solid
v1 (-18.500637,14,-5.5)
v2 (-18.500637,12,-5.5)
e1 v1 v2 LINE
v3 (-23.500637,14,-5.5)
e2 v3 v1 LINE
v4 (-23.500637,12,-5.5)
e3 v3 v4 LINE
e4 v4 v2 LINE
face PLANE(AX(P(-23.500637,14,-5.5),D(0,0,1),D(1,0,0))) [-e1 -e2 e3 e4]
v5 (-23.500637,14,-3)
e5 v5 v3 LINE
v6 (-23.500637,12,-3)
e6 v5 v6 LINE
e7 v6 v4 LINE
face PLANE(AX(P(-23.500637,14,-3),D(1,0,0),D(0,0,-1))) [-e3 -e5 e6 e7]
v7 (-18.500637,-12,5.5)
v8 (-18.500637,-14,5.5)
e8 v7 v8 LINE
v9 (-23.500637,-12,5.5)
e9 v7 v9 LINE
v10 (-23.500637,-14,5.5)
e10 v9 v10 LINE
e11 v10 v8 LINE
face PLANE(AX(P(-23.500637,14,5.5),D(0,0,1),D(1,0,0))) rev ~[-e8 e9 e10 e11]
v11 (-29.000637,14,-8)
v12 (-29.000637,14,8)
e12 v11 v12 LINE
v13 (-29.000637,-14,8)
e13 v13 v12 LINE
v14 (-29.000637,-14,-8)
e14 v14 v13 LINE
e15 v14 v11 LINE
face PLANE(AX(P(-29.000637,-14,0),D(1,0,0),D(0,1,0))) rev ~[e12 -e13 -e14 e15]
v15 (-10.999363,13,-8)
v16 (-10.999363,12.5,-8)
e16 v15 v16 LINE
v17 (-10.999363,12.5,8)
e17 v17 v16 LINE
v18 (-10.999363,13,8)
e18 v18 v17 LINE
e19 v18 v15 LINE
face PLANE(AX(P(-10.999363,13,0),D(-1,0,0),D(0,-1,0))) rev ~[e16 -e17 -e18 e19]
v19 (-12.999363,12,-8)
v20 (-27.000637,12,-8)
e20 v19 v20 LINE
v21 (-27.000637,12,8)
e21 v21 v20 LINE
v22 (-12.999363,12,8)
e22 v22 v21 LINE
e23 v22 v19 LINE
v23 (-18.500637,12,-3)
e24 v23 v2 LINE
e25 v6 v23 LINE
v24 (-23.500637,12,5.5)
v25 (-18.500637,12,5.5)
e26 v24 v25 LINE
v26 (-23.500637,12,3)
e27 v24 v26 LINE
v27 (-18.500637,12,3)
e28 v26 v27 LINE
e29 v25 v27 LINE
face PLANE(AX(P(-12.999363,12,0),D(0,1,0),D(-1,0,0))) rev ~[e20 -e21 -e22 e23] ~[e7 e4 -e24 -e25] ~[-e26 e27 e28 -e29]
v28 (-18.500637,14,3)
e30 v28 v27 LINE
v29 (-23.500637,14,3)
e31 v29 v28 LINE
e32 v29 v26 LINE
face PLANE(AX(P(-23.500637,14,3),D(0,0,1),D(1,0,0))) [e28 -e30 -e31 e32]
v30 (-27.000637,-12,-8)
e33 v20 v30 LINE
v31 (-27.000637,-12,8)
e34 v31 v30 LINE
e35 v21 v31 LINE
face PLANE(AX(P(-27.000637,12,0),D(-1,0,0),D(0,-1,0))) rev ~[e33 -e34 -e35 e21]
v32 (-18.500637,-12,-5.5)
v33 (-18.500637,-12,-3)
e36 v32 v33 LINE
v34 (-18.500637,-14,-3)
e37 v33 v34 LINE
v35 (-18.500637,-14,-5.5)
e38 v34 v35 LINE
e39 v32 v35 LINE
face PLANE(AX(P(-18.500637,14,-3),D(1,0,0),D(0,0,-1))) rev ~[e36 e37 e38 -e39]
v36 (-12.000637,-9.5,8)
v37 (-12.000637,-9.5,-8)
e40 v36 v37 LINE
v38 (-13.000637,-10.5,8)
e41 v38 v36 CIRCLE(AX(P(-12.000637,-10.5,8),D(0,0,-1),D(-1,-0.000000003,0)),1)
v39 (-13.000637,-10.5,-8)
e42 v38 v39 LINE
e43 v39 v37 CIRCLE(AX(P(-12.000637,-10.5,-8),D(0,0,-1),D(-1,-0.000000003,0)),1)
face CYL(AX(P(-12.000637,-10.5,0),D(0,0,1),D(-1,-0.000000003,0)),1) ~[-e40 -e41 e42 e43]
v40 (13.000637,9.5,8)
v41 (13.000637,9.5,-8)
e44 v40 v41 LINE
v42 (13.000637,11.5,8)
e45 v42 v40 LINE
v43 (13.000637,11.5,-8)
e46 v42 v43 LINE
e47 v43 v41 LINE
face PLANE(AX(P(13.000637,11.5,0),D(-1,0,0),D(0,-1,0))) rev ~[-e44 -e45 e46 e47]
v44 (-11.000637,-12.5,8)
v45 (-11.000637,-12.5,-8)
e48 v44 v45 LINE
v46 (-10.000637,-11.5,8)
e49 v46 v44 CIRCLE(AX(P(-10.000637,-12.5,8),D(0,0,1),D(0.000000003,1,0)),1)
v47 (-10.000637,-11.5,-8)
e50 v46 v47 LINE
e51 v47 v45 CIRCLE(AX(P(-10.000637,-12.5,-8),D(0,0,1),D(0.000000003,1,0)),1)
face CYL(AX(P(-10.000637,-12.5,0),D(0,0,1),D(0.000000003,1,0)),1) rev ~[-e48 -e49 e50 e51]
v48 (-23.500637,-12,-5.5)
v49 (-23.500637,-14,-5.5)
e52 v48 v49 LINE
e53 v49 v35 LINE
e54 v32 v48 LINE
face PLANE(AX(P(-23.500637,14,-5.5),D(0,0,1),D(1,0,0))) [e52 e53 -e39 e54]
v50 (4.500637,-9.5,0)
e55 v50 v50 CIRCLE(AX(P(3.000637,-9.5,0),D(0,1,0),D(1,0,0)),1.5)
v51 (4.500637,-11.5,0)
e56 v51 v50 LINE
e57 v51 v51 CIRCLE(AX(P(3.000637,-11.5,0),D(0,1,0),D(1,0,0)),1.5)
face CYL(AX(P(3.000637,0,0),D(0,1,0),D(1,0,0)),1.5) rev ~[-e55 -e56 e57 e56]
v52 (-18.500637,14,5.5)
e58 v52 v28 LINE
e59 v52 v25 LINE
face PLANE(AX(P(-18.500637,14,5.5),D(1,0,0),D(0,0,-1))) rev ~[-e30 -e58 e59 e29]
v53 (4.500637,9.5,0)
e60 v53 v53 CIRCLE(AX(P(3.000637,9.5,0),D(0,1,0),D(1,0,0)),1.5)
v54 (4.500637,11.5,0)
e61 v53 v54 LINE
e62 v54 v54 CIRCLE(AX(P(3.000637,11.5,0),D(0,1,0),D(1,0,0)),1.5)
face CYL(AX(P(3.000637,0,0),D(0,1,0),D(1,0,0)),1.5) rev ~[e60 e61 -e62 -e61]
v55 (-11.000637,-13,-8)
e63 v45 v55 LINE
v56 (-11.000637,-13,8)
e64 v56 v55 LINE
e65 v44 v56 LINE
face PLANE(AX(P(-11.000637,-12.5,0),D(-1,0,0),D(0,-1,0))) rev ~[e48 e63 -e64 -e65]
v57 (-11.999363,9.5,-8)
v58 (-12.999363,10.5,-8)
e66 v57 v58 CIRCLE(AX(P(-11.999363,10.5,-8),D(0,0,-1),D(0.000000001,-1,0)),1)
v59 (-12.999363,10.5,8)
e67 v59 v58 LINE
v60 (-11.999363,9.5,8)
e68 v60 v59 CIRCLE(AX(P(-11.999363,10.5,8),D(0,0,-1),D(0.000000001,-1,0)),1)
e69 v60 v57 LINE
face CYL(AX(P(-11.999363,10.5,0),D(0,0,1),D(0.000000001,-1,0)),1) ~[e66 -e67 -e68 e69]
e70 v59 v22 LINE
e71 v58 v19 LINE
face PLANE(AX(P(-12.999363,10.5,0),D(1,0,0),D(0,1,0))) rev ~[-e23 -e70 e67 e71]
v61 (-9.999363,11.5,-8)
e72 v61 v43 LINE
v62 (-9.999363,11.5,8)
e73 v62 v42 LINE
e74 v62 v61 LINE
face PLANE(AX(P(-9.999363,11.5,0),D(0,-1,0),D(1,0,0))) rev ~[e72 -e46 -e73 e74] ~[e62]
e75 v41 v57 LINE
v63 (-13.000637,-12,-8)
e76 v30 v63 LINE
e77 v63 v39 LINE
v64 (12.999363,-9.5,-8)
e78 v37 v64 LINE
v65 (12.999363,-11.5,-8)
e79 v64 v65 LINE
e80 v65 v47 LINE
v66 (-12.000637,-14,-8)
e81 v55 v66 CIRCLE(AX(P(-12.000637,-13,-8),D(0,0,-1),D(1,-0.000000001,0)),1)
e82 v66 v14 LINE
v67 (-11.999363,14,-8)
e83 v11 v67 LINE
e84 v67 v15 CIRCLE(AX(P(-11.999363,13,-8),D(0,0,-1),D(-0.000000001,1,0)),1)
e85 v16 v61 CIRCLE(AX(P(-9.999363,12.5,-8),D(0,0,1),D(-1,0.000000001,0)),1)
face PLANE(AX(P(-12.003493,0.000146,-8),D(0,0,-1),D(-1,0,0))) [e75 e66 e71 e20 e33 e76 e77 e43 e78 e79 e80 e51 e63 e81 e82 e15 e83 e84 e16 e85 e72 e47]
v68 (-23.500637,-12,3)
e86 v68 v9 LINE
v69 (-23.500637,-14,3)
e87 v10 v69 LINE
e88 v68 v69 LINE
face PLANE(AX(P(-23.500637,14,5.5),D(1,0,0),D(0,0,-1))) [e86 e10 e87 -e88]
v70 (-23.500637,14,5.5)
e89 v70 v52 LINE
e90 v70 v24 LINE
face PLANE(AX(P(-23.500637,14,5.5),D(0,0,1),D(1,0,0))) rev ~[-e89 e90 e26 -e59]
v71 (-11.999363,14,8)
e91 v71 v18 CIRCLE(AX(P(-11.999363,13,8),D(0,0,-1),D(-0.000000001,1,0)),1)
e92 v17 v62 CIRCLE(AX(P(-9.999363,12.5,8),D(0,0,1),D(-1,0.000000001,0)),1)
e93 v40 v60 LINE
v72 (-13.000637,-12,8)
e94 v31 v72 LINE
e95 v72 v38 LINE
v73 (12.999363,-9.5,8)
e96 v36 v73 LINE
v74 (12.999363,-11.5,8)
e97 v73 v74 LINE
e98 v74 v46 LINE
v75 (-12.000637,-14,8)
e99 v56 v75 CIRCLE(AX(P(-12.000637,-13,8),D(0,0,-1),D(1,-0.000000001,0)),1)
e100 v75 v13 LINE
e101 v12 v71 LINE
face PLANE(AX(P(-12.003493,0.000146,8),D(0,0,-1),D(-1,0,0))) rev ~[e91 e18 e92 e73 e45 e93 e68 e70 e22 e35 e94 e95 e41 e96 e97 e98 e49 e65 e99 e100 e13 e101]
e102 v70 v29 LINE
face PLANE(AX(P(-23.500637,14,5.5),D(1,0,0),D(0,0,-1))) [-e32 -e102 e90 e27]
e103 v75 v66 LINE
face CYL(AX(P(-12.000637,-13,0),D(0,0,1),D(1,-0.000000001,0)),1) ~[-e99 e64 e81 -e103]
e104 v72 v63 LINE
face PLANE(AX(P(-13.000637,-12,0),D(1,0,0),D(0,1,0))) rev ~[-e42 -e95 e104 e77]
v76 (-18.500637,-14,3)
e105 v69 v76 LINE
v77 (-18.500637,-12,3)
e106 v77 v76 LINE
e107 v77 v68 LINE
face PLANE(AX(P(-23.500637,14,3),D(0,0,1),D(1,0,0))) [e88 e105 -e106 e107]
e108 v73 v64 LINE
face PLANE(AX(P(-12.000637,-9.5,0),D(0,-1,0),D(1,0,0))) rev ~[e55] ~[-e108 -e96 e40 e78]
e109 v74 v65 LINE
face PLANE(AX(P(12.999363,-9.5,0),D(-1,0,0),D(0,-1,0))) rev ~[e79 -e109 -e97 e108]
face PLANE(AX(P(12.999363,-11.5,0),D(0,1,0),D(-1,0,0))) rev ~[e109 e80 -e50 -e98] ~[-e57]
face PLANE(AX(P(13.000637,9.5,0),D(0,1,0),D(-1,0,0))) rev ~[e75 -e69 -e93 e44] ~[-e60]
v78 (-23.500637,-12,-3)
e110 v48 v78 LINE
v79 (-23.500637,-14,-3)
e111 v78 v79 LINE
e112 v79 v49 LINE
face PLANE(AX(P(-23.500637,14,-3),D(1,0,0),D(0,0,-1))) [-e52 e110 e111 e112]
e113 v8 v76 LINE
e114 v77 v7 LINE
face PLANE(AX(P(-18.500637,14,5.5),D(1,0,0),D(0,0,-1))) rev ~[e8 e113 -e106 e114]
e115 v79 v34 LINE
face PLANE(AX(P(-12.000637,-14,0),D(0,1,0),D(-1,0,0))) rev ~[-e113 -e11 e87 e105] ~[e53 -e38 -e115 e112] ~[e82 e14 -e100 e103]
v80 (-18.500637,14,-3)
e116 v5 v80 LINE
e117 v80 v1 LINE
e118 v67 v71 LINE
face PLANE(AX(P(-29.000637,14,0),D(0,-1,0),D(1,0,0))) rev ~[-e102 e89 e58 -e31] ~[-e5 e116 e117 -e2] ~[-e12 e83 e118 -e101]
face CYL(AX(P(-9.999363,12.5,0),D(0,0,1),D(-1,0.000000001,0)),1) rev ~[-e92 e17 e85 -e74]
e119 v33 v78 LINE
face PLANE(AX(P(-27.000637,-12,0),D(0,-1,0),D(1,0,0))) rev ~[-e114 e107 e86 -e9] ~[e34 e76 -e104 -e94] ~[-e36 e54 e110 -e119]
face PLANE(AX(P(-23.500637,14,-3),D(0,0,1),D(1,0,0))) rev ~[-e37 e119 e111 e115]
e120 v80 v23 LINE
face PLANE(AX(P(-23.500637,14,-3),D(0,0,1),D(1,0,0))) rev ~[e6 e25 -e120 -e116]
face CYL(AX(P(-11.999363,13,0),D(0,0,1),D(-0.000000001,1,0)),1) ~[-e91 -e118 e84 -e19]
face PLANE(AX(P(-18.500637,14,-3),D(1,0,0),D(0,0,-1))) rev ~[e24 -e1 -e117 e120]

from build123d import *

# Parameters (mm, degrees)
Y_KSEKLIK_EKSTR_ZYON1_DEPTH = 8
IZIM2_R                     = 1.5
KES_EKSTR_ZYON1_DEPTH       = 18
IZIM3_W                     = 5
IZIM3_H                     = 2.5
KES_EKSTR_ZYON2_DEPTH       = 36


with BuildPart() as part:
    # Çizim1 → Yükseklik-Ekstrüzyon1 (new body, symmetric)
    with BuildSketch(Plane.XY):
        with BuildLine():
            ThreePointArc((-11.99936312, 14), (-11.292256338, 13.707106781), (-10.99936312, 13))
            Line((-10.99936312, 13), (-10.99936312, 12.499999979))
            ThreePointArc((-10.99936312, 12.499999979), (-10.706469901, 11.792893197), (-9.99936312, 11.499999979))
            Line((-9.99936312, 11.499999979), (13.00063688, 11.499999979))
            Line((13.00063688, 11.499999979), (13.00063688, 9.499999979))
            Line((13.00063688, 9.499999979), (-11.99936312, 9.499999979))
            ThreePointArc((-11.99936312, 9.499999979), (-12.706469901, 9.792893197), (-12.99936312, 10.499999979))
            Line((-12.99936312, 10.499999979), (-12.99936312, 12))
            Line((-12.99936312, 12), (-27.00063688, 12))
            Line((-27.00063688, 12), (-27.00063688, -12))
            Line((-27.00063688, -12), (-13.00063688, -12))
            Line((-13.00063688, -12), (-13.00063688, -10.499999979))
            ThreePointArc((-13.00063688, -10.499999979), (-12.707743662, -9.792893197), (-12.00063688, -9.499999979))
            Line((-12.00063688, -9.499999979), (12.99936312, -9.499999979))
            Line((12.99936312, -9.499999979), (12.99936312, -11.499999979))
            Line((12.99936312, -11.499999979), (-10.00063688, -11.499999979))
            ThreePointArc((-10.00063688, -11.499999979), (-10.707743662, -11.792893197), (-11.00063688, -12.499999979))
            Line((-11.00063688, -12.499999979), (-11.00063688, -13))
            ThreePointArc((-11.00063688, -13), (-11.293530099, -13.707106781), (-12.00063688, -14))
            Line((-12.00063688, -14), (-12.86760717, -14))
            Line((-12.86760717, -14), (-29.00063688, -14))
            Line((-29.00063688, -14), (-29.00063688, 14))
            Line((-29.00063688, 14), (-12.99936312, 14))
            Line((-12.99936312, 14), (-11.99936312, 14))
        make_face()
    extrude(amount=Y_KSEKLIK_EKSTR_ZYON1_DEPTH, both=True)

    # Çizim2 → Kes-Ekstrüzyon1 (cut, symmetric)
    with BuildSketch(Plane(origin=(0, 0, 0), x_dir=(1, 0, 0), z_dir=(0, 1, 0))):
        with Locations((3.00063688, 0)):
            Circle(IZIM2_R)
    extrude(amount=KES_EKSTR_ZYON1_DEPTH, both=True, mode=Mode.SUBTRACT)

    # Çizim3 → Kes-Ekstrüzyon2 (cut)
    with BuildSketch(Plane(origin=(0, 14, 0), x_dir=(1, 0, 0), z_dir=(0, 1, 0))):
        with Locations((-21.00063688, -4.25)):
            Rectangle(IZIM3_W, IZIM3_H)
        with Locations((-21.00063688, 4.25)):
            Rectangle(IZIM3_W, IZIM3_H)
    extrude(amount=-KES_EKSTR_ZYON2_DEPTH, mode=Mode.SUBTRACT)


solid = part.part
